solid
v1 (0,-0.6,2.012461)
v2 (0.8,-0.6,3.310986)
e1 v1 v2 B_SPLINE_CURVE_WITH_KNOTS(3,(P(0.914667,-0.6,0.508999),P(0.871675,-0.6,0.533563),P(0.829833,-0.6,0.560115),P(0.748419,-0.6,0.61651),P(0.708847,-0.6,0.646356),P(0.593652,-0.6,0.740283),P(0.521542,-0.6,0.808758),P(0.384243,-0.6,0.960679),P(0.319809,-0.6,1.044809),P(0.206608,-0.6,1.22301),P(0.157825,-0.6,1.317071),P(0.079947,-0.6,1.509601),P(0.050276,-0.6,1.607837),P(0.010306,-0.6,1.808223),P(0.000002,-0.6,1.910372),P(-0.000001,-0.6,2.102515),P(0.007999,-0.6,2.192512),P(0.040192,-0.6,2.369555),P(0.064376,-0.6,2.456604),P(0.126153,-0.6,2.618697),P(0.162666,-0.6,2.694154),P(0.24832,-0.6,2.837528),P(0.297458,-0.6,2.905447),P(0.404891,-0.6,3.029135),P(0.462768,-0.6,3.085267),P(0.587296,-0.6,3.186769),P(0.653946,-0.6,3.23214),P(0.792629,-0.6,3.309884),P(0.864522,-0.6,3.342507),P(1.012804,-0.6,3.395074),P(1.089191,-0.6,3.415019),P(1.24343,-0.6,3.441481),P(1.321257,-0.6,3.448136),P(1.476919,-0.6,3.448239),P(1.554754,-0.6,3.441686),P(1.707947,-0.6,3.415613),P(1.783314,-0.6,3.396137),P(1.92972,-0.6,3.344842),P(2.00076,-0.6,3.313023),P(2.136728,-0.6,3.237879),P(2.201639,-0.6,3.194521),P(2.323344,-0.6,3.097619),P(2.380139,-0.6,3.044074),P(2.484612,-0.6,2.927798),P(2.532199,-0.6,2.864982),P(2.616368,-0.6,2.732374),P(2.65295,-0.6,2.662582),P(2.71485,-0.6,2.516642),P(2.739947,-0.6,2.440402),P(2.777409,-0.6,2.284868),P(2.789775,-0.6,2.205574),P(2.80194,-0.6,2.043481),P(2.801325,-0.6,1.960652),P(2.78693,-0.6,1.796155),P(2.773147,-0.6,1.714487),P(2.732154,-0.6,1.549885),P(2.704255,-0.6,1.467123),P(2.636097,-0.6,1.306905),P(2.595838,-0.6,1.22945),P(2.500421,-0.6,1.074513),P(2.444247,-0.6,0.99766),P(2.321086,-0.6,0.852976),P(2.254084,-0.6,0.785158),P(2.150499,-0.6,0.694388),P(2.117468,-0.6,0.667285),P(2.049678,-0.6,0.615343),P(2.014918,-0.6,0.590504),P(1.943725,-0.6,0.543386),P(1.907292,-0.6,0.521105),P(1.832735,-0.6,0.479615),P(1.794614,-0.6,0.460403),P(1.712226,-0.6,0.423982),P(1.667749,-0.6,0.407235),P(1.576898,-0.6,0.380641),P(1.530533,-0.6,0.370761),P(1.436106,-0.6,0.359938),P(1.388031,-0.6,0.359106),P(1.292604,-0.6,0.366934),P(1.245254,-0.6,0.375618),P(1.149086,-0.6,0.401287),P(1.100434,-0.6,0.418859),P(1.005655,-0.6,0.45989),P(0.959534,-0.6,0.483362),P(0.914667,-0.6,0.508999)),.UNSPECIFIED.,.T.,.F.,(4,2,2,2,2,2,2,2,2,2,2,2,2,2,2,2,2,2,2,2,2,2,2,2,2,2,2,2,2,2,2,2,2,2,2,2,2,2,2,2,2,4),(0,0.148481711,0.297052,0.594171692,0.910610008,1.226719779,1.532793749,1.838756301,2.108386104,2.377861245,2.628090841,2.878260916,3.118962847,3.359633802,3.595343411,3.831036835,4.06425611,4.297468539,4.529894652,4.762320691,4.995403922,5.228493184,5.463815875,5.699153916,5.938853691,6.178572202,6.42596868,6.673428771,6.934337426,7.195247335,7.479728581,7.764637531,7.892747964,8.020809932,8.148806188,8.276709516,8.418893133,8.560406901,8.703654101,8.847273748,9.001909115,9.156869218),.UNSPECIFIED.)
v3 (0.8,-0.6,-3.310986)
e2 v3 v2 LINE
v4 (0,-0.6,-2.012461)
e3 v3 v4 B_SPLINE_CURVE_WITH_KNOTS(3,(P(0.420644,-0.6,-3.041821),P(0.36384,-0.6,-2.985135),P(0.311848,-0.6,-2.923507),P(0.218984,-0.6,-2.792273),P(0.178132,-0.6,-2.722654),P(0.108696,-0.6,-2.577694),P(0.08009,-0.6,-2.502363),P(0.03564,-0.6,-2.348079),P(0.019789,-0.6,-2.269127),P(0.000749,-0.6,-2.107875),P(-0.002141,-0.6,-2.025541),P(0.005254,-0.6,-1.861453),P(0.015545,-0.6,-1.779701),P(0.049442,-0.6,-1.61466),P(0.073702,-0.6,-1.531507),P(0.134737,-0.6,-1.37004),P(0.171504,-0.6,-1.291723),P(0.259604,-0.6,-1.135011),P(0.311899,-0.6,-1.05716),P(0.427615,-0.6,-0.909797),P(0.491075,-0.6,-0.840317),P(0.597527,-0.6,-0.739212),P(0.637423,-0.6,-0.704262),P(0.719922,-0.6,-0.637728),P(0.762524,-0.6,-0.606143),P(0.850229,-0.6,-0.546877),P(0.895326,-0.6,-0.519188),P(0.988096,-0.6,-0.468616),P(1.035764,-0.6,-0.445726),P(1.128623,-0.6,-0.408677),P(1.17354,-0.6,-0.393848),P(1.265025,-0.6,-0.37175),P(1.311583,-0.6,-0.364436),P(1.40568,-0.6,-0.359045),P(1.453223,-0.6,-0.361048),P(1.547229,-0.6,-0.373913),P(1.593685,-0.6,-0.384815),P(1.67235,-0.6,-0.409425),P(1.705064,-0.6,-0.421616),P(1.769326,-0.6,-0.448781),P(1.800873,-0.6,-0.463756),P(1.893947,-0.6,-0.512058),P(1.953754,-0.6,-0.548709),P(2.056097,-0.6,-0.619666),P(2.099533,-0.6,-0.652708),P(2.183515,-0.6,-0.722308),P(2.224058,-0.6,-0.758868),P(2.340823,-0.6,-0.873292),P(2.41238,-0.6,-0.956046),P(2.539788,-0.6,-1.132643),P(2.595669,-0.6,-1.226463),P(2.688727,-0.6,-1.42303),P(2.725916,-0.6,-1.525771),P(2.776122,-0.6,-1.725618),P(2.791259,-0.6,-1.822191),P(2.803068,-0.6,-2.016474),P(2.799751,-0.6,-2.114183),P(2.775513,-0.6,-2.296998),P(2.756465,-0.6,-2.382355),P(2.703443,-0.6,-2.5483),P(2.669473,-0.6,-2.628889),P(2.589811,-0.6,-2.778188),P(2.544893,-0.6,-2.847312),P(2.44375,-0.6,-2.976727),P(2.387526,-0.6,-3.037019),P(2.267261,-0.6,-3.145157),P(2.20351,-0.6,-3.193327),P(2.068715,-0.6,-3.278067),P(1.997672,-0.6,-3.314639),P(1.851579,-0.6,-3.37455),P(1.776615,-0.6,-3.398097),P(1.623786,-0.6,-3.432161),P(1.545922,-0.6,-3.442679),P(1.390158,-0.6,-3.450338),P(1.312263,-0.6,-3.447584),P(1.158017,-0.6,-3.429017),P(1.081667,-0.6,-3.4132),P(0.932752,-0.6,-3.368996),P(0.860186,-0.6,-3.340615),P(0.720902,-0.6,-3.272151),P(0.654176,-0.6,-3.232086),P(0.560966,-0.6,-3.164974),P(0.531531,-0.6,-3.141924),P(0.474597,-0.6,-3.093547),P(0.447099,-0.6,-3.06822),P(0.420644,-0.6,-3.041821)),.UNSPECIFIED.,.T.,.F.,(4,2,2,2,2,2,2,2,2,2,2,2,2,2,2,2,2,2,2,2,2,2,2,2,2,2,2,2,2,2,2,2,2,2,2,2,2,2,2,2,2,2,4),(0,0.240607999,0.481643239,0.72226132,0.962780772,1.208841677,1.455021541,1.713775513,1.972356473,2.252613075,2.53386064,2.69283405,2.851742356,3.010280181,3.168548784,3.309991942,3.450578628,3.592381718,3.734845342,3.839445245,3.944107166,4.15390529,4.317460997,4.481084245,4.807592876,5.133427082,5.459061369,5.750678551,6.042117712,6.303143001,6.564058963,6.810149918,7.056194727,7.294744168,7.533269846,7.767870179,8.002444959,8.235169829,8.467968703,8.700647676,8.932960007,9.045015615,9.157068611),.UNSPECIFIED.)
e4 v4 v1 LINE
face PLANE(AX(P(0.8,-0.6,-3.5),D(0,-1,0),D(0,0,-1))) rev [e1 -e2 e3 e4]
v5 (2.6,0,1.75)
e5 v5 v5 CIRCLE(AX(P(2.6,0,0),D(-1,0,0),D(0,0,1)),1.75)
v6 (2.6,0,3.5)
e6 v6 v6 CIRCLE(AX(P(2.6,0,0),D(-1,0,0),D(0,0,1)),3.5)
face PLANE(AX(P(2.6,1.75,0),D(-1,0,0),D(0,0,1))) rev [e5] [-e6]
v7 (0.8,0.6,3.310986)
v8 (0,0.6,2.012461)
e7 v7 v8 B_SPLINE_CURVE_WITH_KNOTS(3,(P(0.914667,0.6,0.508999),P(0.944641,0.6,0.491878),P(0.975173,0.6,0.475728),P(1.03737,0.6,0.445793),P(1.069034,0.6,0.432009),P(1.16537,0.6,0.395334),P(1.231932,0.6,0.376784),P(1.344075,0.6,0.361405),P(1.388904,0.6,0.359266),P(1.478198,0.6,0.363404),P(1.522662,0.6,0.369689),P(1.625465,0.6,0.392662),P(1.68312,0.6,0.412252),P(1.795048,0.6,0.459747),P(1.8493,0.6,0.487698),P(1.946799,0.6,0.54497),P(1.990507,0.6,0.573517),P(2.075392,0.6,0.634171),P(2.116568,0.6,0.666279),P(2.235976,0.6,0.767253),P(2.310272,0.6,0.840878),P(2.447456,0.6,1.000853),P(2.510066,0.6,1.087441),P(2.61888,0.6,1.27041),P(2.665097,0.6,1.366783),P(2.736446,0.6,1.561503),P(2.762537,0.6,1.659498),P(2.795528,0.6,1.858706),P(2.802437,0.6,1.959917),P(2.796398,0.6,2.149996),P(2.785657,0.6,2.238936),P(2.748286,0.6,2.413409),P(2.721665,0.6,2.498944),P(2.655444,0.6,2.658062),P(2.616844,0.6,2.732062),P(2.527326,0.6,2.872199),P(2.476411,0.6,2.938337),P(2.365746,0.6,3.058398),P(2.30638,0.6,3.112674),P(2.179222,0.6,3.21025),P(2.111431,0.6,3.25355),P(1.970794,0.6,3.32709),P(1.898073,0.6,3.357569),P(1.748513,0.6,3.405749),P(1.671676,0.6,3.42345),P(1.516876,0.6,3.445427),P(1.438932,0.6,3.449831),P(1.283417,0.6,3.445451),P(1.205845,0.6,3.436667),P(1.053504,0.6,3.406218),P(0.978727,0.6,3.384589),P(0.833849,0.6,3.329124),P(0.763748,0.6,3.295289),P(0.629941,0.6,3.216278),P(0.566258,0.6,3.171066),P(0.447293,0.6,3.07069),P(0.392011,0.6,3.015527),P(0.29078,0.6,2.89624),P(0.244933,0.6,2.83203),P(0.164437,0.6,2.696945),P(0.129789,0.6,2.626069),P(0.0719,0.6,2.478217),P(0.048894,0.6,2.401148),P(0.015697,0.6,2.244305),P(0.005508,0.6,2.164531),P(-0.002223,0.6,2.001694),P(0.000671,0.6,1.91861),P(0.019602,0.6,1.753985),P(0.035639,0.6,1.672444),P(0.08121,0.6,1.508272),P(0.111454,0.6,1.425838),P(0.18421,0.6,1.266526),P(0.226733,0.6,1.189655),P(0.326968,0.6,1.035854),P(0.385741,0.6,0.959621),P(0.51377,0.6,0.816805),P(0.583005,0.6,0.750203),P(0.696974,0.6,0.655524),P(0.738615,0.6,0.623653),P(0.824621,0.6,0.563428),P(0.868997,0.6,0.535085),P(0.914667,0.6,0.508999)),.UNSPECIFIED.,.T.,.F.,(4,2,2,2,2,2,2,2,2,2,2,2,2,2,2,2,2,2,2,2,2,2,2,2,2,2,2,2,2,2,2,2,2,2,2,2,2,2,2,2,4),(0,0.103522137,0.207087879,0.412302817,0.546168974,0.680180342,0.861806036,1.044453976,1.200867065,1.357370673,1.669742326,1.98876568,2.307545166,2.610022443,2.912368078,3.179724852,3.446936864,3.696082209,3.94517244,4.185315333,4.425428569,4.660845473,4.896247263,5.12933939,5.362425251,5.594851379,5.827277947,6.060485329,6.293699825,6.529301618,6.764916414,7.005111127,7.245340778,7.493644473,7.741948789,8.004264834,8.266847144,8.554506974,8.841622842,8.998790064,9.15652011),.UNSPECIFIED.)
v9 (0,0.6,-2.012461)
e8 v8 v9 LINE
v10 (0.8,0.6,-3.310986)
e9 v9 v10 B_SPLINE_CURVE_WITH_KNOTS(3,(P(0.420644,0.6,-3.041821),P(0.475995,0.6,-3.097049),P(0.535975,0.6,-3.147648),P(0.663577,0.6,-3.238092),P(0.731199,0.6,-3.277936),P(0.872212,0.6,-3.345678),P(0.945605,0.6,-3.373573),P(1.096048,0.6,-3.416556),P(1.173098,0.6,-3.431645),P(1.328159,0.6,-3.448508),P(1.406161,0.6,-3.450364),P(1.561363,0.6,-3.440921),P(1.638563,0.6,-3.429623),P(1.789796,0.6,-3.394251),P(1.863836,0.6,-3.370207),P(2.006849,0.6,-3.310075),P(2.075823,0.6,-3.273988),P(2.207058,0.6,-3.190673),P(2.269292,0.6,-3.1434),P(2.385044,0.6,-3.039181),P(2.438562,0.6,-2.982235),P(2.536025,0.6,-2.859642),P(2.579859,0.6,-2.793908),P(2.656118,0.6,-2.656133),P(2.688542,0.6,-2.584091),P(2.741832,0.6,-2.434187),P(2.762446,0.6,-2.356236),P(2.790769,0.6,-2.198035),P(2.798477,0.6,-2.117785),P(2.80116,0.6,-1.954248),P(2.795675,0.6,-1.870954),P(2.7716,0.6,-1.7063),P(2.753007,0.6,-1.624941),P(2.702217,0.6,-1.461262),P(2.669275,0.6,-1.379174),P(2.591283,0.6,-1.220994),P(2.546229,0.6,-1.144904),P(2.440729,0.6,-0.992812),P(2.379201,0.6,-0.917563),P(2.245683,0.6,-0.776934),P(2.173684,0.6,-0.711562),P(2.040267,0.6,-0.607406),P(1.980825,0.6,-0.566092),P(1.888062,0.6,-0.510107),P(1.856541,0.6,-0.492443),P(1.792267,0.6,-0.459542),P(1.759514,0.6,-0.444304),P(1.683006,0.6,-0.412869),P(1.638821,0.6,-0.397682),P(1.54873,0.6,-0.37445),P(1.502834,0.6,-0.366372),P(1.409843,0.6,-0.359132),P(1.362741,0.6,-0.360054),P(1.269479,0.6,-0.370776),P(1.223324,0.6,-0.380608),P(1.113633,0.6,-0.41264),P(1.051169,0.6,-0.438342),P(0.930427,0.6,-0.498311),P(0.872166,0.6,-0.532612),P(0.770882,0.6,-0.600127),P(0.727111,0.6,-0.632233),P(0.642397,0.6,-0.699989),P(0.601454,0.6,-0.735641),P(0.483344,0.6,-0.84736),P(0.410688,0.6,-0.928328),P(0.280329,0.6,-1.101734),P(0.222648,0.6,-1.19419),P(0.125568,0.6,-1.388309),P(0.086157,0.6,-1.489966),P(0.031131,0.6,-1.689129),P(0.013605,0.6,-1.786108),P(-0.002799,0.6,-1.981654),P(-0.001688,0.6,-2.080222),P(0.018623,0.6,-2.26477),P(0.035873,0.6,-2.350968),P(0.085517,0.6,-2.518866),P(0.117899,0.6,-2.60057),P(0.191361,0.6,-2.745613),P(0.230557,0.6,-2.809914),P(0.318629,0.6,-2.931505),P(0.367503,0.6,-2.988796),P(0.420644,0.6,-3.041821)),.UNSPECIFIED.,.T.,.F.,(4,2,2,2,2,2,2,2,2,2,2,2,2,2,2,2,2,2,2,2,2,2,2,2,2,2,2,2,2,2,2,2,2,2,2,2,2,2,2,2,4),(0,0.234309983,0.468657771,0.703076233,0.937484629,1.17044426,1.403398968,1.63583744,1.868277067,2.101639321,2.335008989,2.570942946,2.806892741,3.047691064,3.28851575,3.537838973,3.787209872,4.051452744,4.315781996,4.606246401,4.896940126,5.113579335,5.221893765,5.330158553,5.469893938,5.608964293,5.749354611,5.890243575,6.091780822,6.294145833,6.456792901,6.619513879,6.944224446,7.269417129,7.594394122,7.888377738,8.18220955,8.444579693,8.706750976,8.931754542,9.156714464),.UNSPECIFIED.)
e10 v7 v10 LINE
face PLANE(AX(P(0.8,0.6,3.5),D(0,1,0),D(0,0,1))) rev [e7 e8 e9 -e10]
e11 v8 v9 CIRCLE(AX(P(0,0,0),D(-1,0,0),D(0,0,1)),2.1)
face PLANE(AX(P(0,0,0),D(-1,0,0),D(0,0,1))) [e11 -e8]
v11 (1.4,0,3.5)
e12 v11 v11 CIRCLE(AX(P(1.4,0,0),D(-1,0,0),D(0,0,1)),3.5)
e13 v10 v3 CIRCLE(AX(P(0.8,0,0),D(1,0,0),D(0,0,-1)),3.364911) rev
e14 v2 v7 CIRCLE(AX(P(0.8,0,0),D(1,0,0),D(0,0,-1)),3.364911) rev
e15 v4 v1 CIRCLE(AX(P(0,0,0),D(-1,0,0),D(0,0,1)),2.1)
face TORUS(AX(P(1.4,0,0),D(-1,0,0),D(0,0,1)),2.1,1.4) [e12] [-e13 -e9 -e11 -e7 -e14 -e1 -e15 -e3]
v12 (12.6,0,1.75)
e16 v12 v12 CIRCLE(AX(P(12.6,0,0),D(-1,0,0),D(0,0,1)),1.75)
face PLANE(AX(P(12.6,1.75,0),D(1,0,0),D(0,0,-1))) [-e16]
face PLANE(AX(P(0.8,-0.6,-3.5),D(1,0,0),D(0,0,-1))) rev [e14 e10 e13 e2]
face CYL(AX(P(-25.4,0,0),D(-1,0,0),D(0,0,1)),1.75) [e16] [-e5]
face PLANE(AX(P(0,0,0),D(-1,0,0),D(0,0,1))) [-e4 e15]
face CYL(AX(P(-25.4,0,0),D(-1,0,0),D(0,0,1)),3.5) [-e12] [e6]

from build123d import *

# Parameters (mm, degrees)
SKETCH2_W  = 7
SKETCH2_H  = 1.2
SLOT_DEPTH = 0.8


with BuildPart() as part:
    # BodySke → Base-Revolve (revolve)
    with BuildSketch(Plane.XY, mode=Mode.PRIVATE) as base_revolve_sk:
        with BuildLine():
            Line((2.6, 1.75), (2.6, 3.5))
            Line((2.6, 3.5), (1.4, 3.5))
            ThreePointArc((1.4, 3.5), (0.410050506, 3.089949494), (0, 2.1))
            Line((0, 2.1), (0, 0))
            Line((0, 0), (12.6, 0))
            Line((12.6, 0), (12.6, 1.75))
            Line((12.6, 1.75), (2.6, 1.75))
        make_face()
    revolve(base_revolve_sk.sketch.rotate(Axis((-25.4, 0, 0), (1, 0, 0)), 90), axis=Axis((-25.4, 0, 0), (1, 0, 0)))

    # Sketch2 → Slot (cut)
    with BuildSketch(Plane(origin=(0, 0, 0), x_dir=(0, 0, -1), z_dir=(1, 0, 0))):
        Rectangle(SKETCH2_W, SKETCH2_H)
    extrude(amount=SLOT_DEPTH, mode=Mode.SUBTRACT)


solid = part.part
